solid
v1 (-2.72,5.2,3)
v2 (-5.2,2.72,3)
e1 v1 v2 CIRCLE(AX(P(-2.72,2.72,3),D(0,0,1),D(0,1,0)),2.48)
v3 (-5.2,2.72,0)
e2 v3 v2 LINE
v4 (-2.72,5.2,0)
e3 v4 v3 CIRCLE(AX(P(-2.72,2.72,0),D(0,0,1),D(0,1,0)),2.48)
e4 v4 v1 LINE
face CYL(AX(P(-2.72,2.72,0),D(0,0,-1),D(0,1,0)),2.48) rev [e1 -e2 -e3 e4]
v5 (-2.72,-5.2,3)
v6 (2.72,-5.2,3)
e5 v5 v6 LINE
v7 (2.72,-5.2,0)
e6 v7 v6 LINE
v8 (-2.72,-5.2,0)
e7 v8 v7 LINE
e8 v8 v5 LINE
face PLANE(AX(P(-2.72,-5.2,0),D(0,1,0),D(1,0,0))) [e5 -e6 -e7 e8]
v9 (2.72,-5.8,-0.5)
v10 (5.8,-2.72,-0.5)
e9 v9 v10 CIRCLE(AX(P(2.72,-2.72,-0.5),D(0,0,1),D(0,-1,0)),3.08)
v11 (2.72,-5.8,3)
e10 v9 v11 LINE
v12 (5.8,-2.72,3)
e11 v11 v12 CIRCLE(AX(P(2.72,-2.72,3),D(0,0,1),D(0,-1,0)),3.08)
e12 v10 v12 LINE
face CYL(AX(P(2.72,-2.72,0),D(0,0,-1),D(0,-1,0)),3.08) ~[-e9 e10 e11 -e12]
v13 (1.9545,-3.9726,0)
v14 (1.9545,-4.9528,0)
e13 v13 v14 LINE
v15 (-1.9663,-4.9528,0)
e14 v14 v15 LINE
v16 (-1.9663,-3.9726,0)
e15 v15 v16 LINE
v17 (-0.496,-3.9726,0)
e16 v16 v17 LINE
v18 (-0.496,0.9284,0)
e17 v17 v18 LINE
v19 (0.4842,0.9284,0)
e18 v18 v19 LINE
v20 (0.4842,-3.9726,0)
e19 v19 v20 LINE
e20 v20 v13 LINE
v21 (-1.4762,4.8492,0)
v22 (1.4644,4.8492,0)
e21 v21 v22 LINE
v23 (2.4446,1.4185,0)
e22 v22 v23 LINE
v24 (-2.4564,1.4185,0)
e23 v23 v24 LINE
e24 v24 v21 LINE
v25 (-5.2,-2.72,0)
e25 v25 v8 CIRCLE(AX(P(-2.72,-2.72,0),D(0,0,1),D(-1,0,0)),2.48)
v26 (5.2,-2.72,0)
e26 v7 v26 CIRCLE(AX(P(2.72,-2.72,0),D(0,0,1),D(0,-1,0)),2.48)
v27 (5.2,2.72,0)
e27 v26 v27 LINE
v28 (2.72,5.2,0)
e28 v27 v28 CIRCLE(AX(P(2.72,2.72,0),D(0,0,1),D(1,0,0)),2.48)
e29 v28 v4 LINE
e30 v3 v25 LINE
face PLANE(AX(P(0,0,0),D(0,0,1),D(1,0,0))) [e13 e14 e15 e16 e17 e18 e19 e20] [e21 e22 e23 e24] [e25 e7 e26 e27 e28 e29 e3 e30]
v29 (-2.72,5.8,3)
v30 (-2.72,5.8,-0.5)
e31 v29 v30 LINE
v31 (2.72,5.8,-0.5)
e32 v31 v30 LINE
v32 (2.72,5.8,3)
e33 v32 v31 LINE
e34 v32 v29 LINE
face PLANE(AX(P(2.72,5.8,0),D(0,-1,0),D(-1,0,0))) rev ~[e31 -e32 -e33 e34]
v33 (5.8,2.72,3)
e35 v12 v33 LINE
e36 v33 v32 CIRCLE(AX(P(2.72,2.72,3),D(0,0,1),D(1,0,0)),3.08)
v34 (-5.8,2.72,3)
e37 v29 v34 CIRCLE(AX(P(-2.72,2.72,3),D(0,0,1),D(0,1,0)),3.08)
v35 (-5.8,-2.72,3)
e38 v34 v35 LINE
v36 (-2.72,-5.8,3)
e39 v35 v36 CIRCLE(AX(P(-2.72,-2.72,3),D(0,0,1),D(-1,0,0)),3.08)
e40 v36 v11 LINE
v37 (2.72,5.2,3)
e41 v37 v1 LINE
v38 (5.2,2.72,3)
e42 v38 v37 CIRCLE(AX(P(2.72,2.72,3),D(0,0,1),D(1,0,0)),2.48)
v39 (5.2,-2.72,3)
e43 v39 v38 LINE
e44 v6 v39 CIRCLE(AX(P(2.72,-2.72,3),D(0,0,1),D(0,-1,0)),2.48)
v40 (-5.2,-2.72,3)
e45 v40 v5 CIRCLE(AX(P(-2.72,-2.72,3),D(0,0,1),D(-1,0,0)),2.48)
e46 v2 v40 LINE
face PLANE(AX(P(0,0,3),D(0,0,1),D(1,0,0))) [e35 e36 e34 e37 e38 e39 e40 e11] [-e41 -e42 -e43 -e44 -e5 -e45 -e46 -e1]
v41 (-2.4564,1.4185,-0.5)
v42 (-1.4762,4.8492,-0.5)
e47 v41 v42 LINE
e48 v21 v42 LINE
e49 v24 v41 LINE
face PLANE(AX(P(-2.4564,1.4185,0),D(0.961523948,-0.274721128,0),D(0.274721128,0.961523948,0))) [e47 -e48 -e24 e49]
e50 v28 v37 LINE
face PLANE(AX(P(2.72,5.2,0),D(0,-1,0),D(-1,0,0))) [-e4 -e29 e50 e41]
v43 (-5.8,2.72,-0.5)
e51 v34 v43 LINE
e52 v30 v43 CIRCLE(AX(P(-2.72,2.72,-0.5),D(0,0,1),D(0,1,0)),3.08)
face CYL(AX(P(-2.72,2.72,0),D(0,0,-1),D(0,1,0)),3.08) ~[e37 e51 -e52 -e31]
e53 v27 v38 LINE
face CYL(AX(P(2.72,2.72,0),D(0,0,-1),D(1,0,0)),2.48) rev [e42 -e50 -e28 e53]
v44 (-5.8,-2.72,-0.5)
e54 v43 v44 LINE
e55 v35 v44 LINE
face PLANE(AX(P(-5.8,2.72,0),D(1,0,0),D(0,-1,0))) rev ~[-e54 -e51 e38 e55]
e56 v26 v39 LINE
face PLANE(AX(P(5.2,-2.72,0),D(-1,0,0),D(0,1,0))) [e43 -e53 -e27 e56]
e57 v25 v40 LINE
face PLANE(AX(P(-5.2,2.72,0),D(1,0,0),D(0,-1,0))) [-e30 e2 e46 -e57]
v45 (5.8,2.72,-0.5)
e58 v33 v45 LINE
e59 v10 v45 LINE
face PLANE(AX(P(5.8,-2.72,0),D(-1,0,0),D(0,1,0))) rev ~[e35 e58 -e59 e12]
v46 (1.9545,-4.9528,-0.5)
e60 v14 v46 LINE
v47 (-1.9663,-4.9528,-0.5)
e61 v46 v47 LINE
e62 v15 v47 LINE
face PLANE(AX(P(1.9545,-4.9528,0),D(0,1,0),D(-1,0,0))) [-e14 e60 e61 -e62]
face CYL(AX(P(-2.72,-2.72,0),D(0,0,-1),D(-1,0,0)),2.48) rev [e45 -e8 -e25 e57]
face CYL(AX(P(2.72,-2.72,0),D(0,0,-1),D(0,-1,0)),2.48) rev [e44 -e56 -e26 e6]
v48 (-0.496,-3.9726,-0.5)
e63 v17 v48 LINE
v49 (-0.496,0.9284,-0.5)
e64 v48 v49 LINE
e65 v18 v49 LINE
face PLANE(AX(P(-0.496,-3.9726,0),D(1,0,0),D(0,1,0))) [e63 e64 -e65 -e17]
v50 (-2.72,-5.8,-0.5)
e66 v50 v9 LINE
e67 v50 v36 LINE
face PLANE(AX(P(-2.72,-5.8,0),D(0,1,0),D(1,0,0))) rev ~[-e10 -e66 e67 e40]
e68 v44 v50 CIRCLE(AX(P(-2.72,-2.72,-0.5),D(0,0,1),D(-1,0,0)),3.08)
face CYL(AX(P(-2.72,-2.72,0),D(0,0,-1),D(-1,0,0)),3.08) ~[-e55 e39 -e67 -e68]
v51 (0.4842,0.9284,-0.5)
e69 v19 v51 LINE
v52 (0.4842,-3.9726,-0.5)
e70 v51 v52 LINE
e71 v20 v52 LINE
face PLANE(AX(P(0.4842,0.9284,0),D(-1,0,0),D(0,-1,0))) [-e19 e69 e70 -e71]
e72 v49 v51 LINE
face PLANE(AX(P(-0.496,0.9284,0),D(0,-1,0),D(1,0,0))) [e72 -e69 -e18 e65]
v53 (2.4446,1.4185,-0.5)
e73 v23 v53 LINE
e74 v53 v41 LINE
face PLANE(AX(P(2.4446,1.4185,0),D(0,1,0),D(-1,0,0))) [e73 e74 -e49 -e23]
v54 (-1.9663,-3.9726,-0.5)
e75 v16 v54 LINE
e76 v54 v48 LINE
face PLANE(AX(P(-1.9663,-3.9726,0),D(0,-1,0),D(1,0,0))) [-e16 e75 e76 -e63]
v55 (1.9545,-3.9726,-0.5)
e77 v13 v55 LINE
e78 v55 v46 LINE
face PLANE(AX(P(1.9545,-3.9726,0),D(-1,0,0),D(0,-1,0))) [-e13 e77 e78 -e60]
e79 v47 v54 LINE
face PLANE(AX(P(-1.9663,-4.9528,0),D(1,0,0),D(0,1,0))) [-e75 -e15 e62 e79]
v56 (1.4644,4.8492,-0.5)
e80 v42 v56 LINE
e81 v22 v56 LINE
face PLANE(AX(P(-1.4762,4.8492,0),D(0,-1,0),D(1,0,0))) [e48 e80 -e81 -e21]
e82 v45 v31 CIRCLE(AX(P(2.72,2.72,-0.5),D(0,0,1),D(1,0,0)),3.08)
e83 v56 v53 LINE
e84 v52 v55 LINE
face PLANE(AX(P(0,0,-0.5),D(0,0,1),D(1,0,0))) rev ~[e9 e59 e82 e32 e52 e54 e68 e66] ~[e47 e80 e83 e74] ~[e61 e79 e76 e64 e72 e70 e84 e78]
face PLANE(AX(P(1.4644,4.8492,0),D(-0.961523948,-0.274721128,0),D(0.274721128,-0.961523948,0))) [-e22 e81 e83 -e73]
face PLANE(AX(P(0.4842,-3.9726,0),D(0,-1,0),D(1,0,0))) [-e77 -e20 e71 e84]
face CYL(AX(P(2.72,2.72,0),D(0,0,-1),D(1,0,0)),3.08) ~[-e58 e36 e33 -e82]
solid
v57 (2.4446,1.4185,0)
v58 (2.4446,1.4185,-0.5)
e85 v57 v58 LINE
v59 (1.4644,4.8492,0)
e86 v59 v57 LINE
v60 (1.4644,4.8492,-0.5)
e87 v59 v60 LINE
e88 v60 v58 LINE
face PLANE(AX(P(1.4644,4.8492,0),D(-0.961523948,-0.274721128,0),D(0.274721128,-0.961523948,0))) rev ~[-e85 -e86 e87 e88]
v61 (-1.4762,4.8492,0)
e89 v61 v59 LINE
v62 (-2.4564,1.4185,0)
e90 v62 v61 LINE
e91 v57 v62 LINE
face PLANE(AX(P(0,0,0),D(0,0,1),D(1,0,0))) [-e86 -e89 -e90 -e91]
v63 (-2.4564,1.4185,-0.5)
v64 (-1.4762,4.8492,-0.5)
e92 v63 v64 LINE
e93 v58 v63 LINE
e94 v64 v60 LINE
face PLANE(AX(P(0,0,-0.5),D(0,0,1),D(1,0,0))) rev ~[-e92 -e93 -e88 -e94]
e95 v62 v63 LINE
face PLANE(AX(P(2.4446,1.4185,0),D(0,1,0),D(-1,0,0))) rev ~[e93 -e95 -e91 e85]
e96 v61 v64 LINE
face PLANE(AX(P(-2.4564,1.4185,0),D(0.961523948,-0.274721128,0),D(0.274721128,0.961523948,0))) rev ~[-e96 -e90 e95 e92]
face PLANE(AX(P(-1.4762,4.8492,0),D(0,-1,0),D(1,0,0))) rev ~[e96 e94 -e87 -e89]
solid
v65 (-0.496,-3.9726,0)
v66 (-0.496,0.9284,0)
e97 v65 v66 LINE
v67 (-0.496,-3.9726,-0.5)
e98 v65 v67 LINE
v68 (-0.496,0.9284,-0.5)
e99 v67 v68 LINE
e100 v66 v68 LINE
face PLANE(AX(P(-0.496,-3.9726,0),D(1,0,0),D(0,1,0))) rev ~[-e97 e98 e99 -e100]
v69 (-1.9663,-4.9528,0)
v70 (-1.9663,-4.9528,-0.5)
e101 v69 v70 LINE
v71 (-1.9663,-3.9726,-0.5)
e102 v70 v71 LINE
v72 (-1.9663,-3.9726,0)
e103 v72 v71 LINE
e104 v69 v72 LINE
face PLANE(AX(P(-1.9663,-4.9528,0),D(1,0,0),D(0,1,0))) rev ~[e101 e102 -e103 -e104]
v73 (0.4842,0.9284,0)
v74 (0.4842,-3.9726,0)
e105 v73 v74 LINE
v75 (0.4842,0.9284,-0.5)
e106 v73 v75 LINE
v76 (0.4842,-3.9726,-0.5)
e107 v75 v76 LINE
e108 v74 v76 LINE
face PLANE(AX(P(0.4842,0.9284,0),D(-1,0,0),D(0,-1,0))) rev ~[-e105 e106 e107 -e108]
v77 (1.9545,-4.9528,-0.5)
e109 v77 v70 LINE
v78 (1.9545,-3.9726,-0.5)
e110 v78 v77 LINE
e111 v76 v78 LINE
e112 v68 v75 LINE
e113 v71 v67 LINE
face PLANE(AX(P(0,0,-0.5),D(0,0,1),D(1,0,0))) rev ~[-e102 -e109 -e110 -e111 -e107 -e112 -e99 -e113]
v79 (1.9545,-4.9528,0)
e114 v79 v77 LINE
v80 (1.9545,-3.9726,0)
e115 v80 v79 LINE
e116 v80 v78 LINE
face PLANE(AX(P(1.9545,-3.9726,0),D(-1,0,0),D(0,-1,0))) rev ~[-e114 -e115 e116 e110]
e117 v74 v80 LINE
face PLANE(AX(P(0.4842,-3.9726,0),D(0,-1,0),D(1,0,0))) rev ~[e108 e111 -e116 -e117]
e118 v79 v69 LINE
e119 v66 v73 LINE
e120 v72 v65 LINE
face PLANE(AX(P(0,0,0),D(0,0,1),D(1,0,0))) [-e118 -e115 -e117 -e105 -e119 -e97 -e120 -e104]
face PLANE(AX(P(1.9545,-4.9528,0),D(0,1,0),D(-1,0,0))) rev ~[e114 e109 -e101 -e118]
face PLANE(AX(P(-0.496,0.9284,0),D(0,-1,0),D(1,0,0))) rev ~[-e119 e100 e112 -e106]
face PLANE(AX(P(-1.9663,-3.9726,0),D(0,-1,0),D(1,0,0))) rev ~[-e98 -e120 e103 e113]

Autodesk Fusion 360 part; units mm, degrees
sketch "Sketch1" plane through (0, 0, 0) normal (0, 0, 1) x (1, 0, 0)
  line L0 (2.72, 5) -> (-2.72, 5)
  line L1 (-5, 2.72) -> (-5, -2.72)
  line L2 (-2.72, -5) -> (2.72, -5)
  line L3 (5, -2.72) -> (5, 2.72)
  line L4 (5, 5) -> (-5, -5) construction
  line L5 (-5, 5) -> (5, -5) construction
  arc A0 (5, 2.72) -> (2.72, 5) centre (2.72, 2.72) ccw
  arc A1 (2.72, -5) -> (5, -2.72) centre (2.72, -2.72) ccw
  arc A2 (-5, -2.72) -> (-2.72, -5) centre (-2.72, -2.72) ccw
  arc A3 (-2.72, 5) -> (-5, 2.72) centre (-2.72, 2.72) ccw
  line L6 (-2.72, -5.2) -> (2.72, -5.2)
  arc A4 (2.72, -5.2) -> (5.2, -2.72) centre (2.72, -2.72) ccw
  line L7 (5.2, -2.72) -> (5.2, 2.72)
  arc A5 (5.2, 2.72) -> (2.72, 5.2) centre (2.72, 2.72) ccw
  line L8 (2.72, 5.2) -> (-2.72, 5.2)
  arc A6 (-2.72, 5.2) -> (-5.2, 2.72) centre (-2.72, 2.72) ccw
  line L9 (-5.2, 2.72) -> (-5.2, -2.72)
  arc A7 (-5.2, -2.72) -> (-2.72, -5.2) centre (-2.72, -2.72) ccw
  line L10 (-2.72, -5.8) -> (2.72, -5.8)
  arc A8 (2.72, -5.8) -> (5.8, -2.72) centre (2.72, -2.72) ccw
  line L11 (5.8, -2.72) -> (5.8, 2.72)
  arc A9 (5.8, 2.72) -> (2.72, 5.8) centre (2.72, 2.72) ccw
  line L12 (2.72, 5.8) -> (-2.72, 5.8)
  arc A10 (-2.72, 5.8) -> (-5.8, 2.72) centre (-2.72, 2.72) ccw
  line L13 (-5.8, 2.72) -> (-5.8, -2.72)
  arc A11 (-5.8, -2.72) -> (-2.72, -5.8) centre (-2.72, -2.72) ccw
  dimension "d1" = 10
  dimension "d2" = 10
  dimension "d3" = 2.28
  dimension "d4" = 0.2
  dimension "d5" = 0.8
extrude "Extrude1" add sketch "Sketch1" along normal blind 3 contours L10 A8 L11 A9 L12 A10 L13 A11 makes body 1
extrude "Extrude2" add sketch "Sketch1" against normal blind 0.5 contours L0 L1 L2 L3 A0 A1 A2 A3 | L6 A4 L7 A5 L8 A6 L9 A7 | L10 A8 L11 A9 L12 A10 L13 A11 bodies 1
sketch "Sketch2" plane through (0, 0, 0) normal (0, 0, 1) x (1, 0, 0)
  line L0 (-2.72, -5.2) -> (2.72, -5.2)
  arc A0 (2.72, -5.2) -> (5.2, -2.72) centre (2.72, -2.72) ccw
  line L1 (5.2, -2.72) -> (5.2, 2.72)
  arc A1 (5.2, 2.72) -> (2.72, 5.2) centre (2.72, 2.72) ccw
  line L2 (2.72, 5.2) -> (-2.72, 5.2)
  arc A2 (-2.72, 5.2) -> (-5.2, 2.72) centre (-2.72, 2.72) ccw
  line L3 (-5.2, 2.72) -> (-5.2, -2.72)
  arc A3 (-5.2, -2.72) -> (-2.72, -5.2) centre (-2.72, -2.72) ccw
  line L4 (1.4644, 4.8492) -> (2.4446, 1.4185)
  line L5 (2.4446, 1.4185) -> (-2.4564, 1.4185)
  line L6 (-2.4564, 1.4185) -> (-1.4762, 4.8492)
  line L7 (-0.496, 0.9284) -> (0.4842, 0.9284)
  line L8 (0.4842, 0.9284) -> (0.4842, -3.9726)
  line L9 (0.4842, -3.9726) -> (1.9545, -3.9726)
  line L10 (1.9545, -3.9726) -> (1.9545, -4.9528)
  line L11 (1.9545, -4.9528) -> (-1.9663, -4.9528)
  line L12 (-1.9663, -4.9528) -> (-1.9663, -3.9726)
  line L13 (-1.9663, -3.9726) -> (-0.496, -3.9726)
  line L14 (-0.496, -3.9726) -> (-0.496, 0.9284)
  line L15 (-1.4762, 4.8492) -> (1.4644, 4.8492)
extrude "Extrude3" cut sketch "Sketch2" against normal through all contours L4 L5 L6 L15 | L7 L8 L9 L10 L11 L12 L13 L14 bodies 1
extrude "Extrude4" add sketch "Sketch2" against normal blind 0.5 separate body contours L4 L5 L6 L15 | L7 L8 L9 L10 L11 L12 L13 L14 makes body 2 at (0.1575, -4.6261, 0) makes body 3 at (0.4842, 2.562, 0)
